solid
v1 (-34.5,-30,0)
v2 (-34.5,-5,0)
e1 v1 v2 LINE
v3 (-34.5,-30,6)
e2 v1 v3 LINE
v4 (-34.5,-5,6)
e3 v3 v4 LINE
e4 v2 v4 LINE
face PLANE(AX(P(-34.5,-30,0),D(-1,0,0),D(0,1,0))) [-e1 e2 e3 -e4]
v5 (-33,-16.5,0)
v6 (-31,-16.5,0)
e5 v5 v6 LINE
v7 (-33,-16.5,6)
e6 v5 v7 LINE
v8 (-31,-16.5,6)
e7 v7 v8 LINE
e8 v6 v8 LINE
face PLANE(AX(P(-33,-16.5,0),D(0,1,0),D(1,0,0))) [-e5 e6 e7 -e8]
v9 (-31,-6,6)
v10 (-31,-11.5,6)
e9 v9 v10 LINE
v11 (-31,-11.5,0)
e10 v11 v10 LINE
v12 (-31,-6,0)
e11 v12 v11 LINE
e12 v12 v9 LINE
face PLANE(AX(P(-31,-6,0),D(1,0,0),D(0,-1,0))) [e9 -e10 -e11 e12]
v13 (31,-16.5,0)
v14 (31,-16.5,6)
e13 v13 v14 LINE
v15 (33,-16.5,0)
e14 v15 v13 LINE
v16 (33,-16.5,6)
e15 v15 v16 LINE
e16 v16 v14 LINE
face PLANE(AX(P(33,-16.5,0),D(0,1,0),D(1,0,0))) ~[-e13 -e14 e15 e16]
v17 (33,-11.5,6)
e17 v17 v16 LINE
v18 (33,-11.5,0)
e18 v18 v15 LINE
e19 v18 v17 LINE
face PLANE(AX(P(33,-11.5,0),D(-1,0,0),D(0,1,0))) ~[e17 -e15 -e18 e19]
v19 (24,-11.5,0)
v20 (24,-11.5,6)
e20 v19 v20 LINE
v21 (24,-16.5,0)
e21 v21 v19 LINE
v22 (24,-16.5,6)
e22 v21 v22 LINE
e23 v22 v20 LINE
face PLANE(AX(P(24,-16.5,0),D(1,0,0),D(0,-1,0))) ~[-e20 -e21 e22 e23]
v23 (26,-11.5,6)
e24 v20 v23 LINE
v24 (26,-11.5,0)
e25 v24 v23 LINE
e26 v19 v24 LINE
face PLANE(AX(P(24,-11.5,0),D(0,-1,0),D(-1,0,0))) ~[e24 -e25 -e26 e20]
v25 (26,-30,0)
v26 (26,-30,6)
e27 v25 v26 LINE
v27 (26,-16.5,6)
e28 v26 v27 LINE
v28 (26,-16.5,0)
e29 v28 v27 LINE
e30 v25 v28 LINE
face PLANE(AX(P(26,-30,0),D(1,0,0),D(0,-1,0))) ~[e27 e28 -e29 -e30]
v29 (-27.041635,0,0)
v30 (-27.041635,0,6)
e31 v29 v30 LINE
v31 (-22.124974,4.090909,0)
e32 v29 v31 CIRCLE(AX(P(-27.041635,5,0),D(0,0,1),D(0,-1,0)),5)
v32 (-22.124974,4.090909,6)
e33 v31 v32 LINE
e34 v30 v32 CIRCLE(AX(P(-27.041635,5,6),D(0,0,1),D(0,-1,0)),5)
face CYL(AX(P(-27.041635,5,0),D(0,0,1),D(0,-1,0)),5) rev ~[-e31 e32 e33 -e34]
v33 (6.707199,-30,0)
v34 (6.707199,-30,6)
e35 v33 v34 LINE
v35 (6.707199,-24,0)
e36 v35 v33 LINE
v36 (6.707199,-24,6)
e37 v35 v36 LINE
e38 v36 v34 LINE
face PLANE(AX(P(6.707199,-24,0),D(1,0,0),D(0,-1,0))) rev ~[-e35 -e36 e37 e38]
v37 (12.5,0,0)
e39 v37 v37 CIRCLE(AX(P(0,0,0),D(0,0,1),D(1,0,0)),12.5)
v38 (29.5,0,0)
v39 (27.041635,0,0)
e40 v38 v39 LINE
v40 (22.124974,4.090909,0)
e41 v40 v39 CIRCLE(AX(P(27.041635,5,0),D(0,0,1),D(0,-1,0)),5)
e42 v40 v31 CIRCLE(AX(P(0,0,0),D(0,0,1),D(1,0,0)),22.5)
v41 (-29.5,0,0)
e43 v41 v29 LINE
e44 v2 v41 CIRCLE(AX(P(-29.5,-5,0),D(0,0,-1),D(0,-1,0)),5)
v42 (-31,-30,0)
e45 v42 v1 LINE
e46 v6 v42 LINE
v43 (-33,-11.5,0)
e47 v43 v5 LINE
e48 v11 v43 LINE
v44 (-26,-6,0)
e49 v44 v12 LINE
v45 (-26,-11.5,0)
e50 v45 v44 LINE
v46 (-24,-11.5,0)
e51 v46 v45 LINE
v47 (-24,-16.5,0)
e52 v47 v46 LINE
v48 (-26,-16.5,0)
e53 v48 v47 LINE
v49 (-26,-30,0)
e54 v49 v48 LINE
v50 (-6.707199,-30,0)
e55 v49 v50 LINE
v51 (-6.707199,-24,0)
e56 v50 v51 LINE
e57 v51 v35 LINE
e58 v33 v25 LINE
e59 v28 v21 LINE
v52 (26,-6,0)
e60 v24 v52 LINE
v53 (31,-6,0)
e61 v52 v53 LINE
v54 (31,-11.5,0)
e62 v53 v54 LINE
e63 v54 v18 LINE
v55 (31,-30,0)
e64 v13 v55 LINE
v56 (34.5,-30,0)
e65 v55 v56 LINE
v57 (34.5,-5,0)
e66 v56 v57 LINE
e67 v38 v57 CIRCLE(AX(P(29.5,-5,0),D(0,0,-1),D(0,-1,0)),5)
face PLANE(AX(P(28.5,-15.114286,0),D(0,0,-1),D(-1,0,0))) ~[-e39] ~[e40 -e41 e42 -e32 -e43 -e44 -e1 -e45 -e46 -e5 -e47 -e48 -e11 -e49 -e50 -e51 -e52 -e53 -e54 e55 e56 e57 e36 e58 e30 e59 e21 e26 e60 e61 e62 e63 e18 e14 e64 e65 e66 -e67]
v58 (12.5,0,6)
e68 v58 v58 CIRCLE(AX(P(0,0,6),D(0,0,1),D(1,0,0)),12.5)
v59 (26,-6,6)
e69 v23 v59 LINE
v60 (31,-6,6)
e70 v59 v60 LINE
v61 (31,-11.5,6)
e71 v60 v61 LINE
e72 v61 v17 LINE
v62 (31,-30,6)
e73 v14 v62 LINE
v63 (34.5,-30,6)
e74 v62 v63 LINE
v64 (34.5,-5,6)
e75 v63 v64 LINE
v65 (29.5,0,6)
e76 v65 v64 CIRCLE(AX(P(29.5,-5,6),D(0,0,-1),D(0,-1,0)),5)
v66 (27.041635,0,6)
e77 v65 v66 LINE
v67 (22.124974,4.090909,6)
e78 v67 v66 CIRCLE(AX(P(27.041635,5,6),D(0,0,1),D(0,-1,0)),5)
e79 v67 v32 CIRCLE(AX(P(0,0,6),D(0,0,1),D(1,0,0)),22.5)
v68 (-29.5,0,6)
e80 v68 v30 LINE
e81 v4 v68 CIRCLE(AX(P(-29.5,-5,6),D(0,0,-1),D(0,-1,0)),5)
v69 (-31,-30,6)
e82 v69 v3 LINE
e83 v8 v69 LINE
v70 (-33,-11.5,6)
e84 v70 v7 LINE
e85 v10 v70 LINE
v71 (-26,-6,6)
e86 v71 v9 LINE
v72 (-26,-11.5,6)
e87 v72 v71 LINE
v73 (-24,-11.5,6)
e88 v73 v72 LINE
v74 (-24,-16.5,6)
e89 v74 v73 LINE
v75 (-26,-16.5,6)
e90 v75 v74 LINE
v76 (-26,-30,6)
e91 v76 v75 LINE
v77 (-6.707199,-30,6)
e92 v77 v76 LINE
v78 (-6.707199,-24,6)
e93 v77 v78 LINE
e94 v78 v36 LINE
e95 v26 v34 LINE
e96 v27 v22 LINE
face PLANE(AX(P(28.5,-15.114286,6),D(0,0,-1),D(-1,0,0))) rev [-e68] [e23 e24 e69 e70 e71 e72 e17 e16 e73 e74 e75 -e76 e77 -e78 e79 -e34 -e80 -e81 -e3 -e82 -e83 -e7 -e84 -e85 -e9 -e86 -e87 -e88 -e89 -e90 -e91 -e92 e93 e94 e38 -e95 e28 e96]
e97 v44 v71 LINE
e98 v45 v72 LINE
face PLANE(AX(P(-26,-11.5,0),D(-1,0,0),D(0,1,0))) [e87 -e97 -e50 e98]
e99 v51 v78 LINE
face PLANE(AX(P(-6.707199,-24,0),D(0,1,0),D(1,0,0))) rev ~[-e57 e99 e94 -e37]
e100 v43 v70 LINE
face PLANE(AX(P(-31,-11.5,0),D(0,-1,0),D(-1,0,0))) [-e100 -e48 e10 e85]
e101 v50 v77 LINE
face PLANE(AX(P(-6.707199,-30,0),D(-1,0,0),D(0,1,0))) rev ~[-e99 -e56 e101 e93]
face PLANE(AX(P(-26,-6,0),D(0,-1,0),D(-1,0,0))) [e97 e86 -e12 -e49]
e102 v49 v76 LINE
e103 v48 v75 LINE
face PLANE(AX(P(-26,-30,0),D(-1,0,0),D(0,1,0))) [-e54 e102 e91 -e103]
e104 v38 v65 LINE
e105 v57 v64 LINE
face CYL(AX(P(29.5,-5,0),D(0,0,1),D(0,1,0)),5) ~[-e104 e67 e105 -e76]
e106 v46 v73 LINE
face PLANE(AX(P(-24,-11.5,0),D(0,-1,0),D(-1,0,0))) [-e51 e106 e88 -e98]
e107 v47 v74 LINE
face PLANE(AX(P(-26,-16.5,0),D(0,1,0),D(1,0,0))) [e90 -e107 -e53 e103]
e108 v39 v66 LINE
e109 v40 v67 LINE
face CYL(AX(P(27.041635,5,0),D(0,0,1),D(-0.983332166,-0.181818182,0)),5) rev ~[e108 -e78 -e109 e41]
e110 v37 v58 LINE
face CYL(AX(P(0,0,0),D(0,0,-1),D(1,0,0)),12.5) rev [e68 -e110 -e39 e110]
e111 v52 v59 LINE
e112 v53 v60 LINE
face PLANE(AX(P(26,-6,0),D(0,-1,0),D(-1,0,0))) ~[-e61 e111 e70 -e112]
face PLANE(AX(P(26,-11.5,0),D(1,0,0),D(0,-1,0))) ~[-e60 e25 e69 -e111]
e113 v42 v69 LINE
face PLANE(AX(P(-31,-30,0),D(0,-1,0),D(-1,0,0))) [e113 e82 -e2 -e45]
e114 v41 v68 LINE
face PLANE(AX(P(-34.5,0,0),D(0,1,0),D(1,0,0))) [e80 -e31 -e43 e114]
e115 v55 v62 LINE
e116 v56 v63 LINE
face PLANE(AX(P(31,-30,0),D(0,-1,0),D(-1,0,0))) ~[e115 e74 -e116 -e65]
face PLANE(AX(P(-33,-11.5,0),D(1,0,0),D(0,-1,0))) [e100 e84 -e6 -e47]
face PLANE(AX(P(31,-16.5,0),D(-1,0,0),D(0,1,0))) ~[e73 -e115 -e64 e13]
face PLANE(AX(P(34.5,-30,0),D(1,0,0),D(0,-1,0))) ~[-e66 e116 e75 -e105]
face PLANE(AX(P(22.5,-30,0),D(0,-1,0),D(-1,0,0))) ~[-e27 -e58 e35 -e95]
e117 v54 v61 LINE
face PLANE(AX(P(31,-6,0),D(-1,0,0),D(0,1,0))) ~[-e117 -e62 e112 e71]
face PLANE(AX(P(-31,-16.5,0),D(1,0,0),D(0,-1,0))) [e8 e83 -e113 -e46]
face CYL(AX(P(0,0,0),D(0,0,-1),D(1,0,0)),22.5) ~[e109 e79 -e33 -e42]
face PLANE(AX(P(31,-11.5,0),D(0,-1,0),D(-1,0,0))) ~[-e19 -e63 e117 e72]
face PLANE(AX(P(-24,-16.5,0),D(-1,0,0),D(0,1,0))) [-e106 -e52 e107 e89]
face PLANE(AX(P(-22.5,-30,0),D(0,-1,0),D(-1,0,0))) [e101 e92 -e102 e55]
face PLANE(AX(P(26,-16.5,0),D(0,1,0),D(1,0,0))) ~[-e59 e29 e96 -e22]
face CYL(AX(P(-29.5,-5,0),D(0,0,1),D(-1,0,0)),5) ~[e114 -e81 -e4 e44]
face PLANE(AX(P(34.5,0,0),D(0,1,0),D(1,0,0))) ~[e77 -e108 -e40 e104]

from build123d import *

# Parameters (mm, degrees)
SKETCH1_R           = 12.5
BOSS_EXTRUDE1_DEPTH = 6
BOSS_EXTRUDE2_DEPTH = 6
FILLET1_R           = 5


with BuildPart() as part:
    # Sketch1 → Boss-Extrude1 (new body)
    with BuildSketch(Plane.XY):
        with BuildLine():
            Line((-22.5, 0), (-22.5, -30))
            Line((-22.5, -30), (-6.707199182, -30))
            Line((-6.707199182, -30), (-6.707199182, -24))
            Line((-6.707199182, -24), (6.707199182, -24))
            Line((6.707199182, -24), (6.707199182, -30))
            Line((6.707199182, -30), (22.5, -30))
            Line((22.5, -30), (22.5, 0))
            ThreePointArc((22.5, 0), (0, 22.5), (-22.5, 0))
        make_face()
        Circle(SKETCH1_R, mode=Mode.SUBTRACT)
    extrude(amount=BOSS_EXTRUDE1_DEPTH)

    # Sketch2 → Boss-Extrude2 (add)
    with BuildSketch(Plane.XY):
        Polygon((-22.5, -30), (-26, -30), (-26, -16.5), (-24, -16.5), (-24, -11.5), (-26, -11.5), (-26, -6), (-31, -6), (-31, -11.5), (-33, -11.5), (-33, -16.5), (-31, -16.5), (-31, -30), (-34.5, -30), (-34.5, 0), (-22.5, 0), align=None)
    boss_extrude2 = extrude(amount=BOSS_EXTRUDE2_DEPTH)

    # Mirror1: Boss-Extrude2 across plane
    add(boss_extrude2.mirror(Plane(origin=(0, 0, 0), x_dir=(0, 0, 1), z_dir=(1, 0, 0))))

    # Fillet1
    fillet1_edges = [part.edges().sort_by_distance(p)[0] for p in [
        (22.5, 0, 3),
        (-22.5, 0, 3),
        (-34.5, 0, 3),
        (34.5, 0, 3),
    ]]
    fillet(fillet1_edges, radius=FILLET1_R)


solid = part.part
